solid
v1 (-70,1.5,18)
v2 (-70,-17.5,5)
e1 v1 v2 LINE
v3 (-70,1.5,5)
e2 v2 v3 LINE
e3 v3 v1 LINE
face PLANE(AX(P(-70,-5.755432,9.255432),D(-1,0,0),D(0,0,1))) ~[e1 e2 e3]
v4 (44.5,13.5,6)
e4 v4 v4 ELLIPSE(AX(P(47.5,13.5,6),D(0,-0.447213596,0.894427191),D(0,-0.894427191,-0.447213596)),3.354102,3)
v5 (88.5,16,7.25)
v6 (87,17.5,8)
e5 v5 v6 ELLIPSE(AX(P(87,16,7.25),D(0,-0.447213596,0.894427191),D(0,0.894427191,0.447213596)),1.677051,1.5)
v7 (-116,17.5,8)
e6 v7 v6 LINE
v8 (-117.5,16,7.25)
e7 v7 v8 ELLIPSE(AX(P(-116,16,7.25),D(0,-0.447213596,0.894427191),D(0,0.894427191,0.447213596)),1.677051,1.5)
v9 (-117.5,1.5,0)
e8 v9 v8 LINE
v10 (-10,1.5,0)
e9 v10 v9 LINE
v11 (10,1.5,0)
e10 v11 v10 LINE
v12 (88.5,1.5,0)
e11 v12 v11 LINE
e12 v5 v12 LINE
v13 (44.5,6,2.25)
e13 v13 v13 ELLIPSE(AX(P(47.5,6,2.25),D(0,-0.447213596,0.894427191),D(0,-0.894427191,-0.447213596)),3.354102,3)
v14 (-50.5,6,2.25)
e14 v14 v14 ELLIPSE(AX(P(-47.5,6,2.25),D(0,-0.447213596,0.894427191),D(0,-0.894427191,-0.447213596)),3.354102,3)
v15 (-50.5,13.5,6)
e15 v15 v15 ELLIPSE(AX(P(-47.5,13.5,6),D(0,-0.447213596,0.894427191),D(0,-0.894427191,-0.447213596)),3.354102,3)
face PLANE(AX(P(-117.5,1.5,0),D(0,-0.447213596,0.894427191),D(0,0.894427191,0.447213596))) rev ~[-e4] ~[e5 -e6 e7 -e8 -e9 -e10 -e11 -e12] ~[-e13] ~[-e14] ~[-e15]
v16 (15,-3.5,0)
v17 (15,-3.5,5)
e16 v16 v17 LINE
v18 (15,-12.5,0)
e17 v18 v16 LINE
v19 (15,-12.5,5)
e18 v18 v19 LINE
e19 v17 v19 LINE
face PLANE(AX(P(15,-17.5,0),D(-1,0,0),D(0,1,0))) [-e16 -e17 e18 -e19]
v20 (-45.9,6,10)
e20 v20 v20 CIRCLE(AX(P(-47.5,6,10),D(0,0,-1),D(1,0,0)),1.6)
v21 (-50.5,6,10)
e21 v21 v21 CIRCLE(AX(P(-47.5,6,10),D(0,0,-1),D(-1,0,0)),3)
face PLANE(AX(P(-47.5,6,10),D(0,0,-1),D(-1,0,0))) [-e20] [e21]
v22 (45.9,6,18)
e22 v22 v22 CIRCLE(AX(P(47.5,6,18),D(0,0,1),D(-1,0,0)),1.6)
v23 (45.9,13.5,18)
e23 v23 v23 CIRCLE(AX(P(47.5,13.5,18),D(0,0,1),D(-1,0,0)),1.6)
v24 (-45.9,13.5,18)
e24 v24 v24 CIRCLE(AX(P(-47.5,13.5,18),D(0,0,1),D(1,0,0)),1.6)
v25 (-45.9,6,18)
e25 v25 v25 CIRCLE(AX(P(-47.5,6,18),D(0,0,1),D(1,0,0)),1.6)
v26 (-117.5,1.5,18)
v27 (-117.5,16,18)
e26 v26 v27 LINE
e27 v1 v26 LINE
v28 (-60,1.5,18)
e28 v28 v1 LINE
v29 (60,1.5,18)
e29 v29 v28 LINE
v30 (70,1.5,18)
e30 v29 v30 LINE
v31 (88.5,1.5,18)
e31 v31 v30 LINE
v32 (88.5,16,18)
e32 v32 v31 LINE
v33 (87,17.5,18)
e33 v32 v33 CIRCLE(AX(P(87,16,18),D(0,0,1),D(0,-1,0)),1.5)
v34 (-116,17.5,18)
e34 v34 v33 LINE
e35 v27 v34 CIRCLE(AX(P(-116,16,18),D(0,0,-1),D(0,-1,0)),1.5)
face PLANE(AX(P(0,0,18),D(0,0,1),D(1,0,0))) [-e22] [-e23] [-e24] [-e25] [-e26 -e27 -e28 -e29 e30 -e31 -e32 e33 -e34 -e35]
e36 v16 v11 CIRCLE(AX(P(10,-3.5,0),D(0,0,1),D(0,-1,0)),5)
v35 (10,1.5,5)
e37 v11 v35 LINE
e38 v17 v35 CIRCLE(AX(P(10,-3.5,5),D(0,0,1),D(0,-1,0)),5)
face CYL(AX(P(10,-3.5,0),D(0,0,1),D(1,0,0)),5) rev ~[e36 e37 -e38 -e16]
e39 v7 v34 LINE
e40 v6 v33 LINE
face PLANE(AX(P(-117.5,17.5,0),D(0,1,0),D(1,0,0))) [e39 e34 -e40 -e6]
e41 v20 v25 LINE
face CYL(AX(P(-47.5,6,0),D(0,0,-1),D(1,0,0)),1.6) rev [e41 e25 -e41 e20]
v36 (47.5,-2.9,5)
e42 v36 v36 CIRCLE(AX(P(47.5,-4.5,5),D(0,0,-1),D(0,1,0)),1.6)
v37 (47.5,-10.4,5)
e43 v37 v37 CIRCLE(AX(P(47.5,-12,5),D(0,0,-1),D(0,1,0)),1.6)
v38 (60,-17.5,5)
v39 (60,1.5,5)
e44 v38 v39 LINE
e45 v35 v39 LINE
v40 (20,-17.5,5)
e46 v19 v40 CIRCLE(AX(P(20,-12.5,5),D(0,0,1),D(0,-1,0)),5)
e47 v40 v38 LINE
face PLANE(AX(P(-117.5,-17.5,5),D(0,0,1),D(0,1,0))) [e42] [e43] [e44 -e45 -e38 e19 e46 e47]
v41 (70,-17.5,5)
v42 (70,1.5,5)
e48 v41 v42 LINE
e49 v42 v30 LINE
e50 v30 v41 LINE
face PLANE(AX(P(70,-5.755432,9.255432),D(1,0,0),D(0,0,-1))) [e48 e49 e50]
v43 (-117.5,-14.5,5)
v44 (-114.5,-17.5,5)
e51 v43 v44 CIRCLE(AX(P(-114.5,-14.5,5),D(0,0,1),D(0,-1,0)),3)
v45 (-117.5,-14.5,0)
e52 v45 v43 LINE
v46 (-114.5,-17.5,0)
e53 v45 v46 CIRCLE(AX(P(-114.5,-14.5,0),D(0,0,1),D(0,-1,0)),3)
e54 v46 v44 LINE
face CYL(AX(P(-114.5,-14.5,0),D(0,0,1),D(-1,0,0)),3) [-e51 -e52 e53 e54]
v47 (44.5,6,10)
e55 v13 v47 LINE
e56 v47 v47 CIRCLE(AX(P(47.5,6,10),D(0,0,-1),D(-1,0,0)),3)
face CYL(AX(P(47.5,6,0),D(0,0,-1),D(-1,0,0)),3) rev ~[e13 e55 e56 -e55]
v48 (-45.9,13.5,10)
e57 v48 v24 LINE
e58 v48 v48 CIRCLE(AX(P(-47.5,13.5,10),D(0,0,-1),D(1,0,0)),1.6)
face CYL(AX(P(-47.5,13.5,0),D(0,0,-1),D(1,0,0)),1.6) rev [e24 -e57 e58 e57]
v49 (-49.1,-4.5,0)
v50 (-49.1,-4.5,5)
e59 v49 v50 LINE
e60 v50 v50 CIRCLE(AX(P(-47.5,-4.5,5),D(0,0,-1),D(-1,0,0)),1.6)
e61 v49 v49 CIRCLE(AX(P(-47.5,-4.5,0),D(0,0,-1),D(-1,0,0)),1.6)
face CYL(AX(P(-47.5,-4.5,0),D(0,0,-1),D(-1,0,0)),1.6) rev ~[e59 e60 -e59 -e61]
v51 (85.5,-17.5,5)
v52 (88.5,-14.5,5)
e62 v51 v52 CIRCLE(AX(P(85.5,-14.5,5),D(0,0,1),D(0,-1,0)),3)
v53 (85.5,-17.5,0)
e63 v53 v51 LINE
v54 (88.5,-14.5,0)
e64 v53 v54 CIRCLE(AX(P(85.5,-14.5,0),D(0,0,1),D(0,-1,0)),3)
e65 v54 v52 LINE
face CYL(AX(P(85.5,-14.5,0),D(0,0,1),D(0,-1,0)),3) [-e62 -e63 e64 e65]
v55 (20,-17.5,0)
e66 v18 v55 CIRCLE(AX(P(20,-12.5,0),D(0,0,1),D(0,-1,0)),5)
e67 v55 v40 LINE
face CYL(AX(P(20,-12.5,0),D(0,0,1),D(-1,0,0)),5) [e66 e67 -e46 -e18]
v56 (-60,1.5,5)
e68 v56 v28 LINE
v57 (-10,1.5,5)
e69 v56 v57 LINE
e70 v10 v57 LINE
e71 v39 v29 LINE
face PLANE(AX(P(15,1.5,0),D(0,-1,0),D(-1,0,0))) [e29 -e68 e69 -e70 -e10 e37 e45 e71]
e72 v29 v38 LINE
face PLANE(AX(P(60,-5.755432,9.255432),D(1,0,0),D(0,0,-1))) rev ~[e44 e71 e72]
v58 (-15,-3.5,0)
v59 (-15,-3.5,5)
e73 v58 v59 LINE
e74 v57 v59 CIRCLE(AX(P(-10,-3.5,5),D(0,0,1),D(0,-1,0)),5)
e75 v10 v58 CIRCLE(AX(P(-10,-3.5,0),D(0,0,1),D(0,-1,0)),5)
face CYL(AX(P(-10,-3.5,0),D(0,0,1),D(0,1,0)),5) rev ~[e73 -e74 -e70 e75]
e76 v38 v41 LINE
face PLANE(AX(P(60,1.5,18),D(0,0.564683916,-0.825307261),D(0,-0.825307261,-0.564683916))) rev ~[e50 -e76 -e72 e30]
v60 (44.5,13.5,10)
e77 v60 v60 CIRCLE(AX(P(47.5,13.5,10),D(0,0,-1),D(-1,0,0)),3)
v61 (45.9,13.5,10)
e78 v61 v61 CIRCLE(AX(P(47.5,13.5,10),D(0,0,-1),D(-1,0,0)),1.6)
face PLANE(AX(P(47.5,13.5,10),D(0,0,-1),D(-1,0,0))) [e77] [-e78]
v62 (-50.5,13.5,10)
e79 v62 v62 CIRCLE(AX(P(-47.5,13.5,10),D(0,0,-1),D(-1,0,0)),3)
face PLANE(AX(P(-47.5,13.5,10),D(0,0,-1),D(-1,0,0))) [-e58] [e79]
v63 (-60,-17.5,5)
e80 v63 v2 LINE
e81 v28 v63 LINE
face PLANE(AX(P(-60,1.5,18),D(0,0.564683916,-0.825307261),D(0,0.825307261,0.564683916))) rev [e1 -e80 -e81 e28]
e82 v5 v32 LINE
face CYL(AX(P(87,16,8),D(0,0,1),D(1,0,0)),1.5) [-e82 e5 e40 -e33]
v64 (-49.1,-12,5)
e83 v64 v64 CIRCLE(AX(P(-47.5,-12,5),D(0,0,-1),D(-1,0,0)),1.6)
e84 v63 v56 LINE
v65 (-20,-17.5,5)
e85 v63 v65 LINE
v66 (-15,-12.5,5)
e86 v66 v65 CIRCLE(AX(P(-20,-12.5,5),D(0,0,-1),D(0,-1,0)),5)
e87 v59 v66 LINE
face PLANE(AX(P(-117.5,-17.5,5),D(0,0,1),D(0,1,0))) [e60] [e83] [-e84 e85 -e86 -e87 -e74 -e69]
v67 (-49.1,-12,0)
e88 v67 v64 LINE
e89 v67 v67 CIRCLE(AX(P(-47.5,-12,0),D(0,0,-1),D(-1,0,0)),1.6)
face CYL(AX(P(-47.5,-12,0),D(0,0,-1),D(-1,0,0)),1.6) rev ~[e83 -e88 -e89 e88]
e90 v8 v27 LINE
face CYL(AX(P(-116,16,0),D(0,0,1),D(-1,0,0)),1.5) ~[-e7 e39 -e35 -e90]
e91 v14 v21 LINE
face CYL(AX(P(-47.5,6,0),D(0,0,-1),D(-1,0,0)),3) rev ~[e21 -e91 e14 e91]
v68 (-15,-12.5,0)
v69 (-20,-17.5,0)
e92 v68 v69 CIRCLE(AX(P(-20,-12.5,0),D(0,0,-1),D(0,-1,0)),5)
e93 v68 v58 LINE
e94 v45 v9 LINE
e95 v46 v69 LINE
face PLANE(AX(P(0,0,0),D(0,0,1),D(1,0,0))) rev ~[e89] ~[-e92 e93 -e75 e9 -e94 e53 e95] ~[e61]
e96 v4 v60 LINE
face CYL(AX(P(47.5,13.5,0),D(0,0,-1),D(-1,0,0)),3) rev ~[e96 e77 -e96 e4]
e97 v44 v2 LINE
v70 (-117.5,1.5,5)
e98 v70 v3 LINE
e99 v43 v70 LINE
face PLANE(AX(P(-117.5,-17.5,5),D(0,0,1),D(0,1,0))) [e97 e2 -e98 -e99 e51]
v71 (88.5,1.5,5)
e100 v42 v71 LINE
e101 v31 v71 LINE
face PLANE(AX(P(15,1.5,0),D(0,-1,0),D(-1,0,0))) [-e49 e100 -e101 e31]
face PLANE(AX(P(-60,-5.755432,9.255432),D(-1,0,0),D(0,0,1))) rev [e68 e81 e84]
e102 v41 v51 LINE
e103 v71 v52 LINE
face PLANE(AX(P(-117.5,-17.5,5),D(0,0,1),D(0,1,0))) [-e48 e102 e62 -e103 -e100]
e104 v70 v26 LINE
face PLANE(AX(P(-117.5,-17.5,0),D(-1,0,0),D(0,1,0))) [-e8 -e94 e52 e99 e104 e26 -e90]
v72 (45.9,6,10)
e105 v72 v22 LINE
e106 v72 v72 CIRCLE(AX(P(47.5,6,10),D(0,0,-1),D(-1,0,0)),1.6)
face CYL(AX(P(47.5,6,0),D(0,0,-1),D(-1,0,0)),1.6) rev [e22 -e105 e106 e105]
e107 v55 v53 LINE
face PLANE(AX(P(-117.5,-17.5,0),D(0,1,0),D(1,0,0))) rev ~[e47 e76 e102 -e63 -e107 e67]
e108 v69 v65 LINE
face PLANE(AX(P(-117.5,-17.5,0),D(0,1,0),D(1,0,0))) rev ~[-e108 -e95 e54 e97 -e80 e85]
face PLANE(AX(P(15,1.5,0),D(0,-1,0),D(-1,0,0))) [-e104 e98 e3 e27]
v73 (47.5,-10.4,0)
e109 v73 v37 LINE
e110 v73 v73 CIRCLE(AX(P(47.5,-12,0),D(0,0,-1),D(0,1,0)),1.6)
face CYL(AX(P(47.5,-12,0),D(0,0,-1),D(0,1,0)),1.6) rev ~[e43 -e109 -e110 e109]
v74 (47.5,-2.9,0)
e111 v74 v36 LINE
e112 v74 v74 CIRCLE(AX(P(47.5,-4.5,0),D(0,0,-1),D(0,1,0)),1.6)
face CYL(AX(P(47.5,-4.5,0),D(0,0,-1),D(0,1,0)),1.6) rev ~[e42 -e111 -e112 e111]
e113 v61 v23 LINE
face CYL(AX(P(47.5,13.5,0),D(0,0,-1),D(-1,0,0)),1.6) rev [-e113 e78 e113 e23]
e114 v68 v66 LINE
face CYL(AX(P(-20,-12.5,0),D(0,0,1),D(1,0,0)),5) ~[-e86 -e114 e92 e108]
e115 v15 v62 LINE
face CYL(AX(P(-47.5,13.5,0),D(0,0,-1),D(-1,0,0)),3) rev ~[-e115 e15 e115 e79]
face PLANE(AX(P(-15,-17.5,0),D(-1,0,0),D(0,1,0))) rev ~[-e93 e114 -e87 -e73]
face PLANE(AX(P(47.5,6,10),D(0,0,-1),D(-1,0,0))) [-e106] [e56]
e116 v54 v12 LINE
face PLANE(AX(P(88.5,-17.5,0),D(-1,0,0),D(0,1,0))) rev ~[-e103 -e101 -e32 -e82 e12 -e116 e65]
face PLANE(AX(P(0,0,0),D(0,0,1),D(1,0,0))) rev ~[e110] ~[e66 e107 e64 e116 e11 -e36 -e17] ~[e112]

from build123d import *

# Parameters (mm, degrees)
SKETCH_1_W           = 235
SKETCH_1_H           = 35
SKETCH_1_R           = 1.6
EXTRUDE_1_DEPTH      = 18
FILLET_1_R           = 1.5
CUT_EXTRUDE_1_DEPTH  = 237.337153237
SKETCH_3_W           = 13
SKETCH_3_H           = 19
CUT_EXTRUDE_2_DEPTH  = 237.337153237
SKETCH_5_R           = 1.6
CUT_EXTRUDE_5_DEPTH  = 121.151987083
SKETCH_6_R           = 3
CUT_EXTRUDE_6_DEPTH  = 10
SKETCH_10_W          = 29
SKETCH_10_H          = 35
CUT_EXTRUDE_9_DEPTH  = 30
FILLET_2_R           = 3
FILLET_5_R           = 1.5
SKETCH_11_W          = 30
SKETCH_11_H          = 19
CUT_EXTRUDE_10_DEPTH = 30
FILLET_6_R           = 5
EXTRUDE_2_DEPTH      = 10


with BuildPart() as part:
    # 草图1 → 凸台-拉伸1 (new body)
    with BuildSketch(Plane.XY):
        Rectangle(SKETCH_1_W, SKETCH_1_H)
        with Locations((-47.5, 13.5)):
            Circle(SKETCH_1_R, mode=Mode.SUBTRACT)
        with Locations(Location((47.5, 13.5, 0), (0, 0, 180))):
            Circle(SKETCH_1_R, mode=Mode.SUBTRACT)
        with Locations((-47.5, 6)):
            Circle(SKETCH_1_R, mode=Mode.SUBTRACT)
        with Locations(Location((47.5, 6, 0), (0, 0, 180))):
            Circle(SKETCH_1_R, mode=Mode.SUBTRACT)
    extrude(amount=EXTRUDE_1_DEPTH)

    # 圆角1
    fillet_1_edges = [part.edges().sort_by_distance(p)[0] for p in [
        (-117.5, 17.5, 9),
        (117.5, 17.5, 9),
    ]]
    fillet(fillet_1_edges, radius=FILLET_1_R)

    # 草图2 → 切除-拉伸1 (cut, through all)
    with BuildSketch(Plane.ZY.offset(117.5)):
        Polygon((0, 1.5), (8, 17.5), (0, 17.5), align=None)
    extrude(amount=-CUT_EXTRUDE_1_DEPTH, mode=Mode.SUBTRACT)

    # 草图3 → 切除-拉伸2 (cut, through all)
    with BuildSketch(Plane.ZY.offset(117.5)):
        with Locations((11.5, -8)):
            Rectangle(SKETCH_3_W, SKETCH_3_H)
    extrude(amount=-CUT_EXTRUDE_2_DEPTH, mode=Mode.SUBTRACT)

    # 草图5 → 切除-拉伸5 (cut, through all)
    with BuildSketch(Plane(origin=(0, 0, 0), x_dir=(-1, 0, 0), z_dir=(0, 0, -1))):
        with Locations((47.5, -4.5)):
            Circle(SKETCH_5_R)
        with Locations((47.5, -12)):
            Circle(SKETCH_5_R)
        with Locations(Location((-47.5, -12, 0), (0, 0, 90))):
            Circle(SKETCH_5_R)
        with Locations(Location((-47.5, -4.5, 0), (0, 0, 90))):
            Circle(SKETCH_5_R)
    extrude(amount=-CUT_EXTRUDE_5_DEPTH, mode=Mode.SUBTRACT)

    # 草图6 → 切除-拉伸6 (cut)
    with BuildSketch(Plane(origin=(0, 0, 0), x_dir=(-1, 0, 0), z_dir=(0, 0, -1))):
        with Locations((47.5, 6)):
            Circle(SKETCH_6_R)
        with Locations((47.5, 13.5)):
            Circle(SKETCH_6_R)
        with Locations((-47.5, 6)):
            Circle(SKETCH_6_R)
        with Locations((-47.5, 13.5)):
            Circle(SKETCH_6_R)
    extrude(amount=-CUT_EXTRUDE_6_DEPTH, mode=Mode.SUBTRACT)

    # 草图10 → 切除-拉伸9 (cut)
    with BuildSketch(Plane(origin=(0, 0, 0), x_dir=(-1, 0, 0), z_dir=(0, 0, -1))):
        with Locations((-103, 0)):
            Rectangle(SKETCH_10_W, SKETCH_10_H)
    extrude(amount=-CUT_EXTRUDE_9_DEPTH, mode=Mode.SUBTRACT)

    # 圆角2
    fillet_2_edges = [part.edges().sort_by_distance(p)[0] for p in [
        (88.5, -17.5, 2.5),
        (-117.5, -17.5, 2.5),
    ]]
    fillet(fillet_2_edges, radius=FILLET_2_R)

    # 圆角5
    fillet_5_edges = [part.edges().sort_by_distance(p)[0] for p in [
        (88.5, 17.5, 13),
    ]]
    fillet(fillet_5_edges, radius=FILLET_5_R)

    # 草图11 → 切除-拉伸10 (cut)
    with BuildSketch(Plane(origin=(0, 0, 0), x_dir=(-1, 0, 0), z_dir=(0, 0, -1))):
        with Locations((0, -8)):
            Rectangle(SKETCH_11_W, SKETCH_11_H)
    extrude(amount=-CUT_EXTRUDE_10_DEPTH, mode=Mode.SUBTRACT)

    # 圆角6
    fillet_6_edges = [part.edges().sort_by_distance(p)[0] for p in [
        (15, 1.5, 2.5),
        (-15, -17.5, 2.5),
        (15, -17.5, 2.5),
        (-15, 1.5, 2.5),
    ]]
    fillet(fillet_6_edges, radius=FILLET_6_R)

    # 草图12 → 凸台-拉伸2 (add)
    with BuildSketch(Plane(origin=(60, 0, 0), x_dir=(0, 0, -1), z_dir=(1, 0, 0))):
        Polygon((-18, 1.5), (-5, -17.5), (-5, 1.5), align=None)
    extrude_2 = extrude(amount=EXTRUDE_2_DEPTH)

    # 镜向1: 凸台-拉伸2 across plane
    add(extrude_2.mirror(Plane(origin=(0, 0, 0), x_dir=(0, 0, 1), z_dir=(1, 0, 0))))


solid = part.part
